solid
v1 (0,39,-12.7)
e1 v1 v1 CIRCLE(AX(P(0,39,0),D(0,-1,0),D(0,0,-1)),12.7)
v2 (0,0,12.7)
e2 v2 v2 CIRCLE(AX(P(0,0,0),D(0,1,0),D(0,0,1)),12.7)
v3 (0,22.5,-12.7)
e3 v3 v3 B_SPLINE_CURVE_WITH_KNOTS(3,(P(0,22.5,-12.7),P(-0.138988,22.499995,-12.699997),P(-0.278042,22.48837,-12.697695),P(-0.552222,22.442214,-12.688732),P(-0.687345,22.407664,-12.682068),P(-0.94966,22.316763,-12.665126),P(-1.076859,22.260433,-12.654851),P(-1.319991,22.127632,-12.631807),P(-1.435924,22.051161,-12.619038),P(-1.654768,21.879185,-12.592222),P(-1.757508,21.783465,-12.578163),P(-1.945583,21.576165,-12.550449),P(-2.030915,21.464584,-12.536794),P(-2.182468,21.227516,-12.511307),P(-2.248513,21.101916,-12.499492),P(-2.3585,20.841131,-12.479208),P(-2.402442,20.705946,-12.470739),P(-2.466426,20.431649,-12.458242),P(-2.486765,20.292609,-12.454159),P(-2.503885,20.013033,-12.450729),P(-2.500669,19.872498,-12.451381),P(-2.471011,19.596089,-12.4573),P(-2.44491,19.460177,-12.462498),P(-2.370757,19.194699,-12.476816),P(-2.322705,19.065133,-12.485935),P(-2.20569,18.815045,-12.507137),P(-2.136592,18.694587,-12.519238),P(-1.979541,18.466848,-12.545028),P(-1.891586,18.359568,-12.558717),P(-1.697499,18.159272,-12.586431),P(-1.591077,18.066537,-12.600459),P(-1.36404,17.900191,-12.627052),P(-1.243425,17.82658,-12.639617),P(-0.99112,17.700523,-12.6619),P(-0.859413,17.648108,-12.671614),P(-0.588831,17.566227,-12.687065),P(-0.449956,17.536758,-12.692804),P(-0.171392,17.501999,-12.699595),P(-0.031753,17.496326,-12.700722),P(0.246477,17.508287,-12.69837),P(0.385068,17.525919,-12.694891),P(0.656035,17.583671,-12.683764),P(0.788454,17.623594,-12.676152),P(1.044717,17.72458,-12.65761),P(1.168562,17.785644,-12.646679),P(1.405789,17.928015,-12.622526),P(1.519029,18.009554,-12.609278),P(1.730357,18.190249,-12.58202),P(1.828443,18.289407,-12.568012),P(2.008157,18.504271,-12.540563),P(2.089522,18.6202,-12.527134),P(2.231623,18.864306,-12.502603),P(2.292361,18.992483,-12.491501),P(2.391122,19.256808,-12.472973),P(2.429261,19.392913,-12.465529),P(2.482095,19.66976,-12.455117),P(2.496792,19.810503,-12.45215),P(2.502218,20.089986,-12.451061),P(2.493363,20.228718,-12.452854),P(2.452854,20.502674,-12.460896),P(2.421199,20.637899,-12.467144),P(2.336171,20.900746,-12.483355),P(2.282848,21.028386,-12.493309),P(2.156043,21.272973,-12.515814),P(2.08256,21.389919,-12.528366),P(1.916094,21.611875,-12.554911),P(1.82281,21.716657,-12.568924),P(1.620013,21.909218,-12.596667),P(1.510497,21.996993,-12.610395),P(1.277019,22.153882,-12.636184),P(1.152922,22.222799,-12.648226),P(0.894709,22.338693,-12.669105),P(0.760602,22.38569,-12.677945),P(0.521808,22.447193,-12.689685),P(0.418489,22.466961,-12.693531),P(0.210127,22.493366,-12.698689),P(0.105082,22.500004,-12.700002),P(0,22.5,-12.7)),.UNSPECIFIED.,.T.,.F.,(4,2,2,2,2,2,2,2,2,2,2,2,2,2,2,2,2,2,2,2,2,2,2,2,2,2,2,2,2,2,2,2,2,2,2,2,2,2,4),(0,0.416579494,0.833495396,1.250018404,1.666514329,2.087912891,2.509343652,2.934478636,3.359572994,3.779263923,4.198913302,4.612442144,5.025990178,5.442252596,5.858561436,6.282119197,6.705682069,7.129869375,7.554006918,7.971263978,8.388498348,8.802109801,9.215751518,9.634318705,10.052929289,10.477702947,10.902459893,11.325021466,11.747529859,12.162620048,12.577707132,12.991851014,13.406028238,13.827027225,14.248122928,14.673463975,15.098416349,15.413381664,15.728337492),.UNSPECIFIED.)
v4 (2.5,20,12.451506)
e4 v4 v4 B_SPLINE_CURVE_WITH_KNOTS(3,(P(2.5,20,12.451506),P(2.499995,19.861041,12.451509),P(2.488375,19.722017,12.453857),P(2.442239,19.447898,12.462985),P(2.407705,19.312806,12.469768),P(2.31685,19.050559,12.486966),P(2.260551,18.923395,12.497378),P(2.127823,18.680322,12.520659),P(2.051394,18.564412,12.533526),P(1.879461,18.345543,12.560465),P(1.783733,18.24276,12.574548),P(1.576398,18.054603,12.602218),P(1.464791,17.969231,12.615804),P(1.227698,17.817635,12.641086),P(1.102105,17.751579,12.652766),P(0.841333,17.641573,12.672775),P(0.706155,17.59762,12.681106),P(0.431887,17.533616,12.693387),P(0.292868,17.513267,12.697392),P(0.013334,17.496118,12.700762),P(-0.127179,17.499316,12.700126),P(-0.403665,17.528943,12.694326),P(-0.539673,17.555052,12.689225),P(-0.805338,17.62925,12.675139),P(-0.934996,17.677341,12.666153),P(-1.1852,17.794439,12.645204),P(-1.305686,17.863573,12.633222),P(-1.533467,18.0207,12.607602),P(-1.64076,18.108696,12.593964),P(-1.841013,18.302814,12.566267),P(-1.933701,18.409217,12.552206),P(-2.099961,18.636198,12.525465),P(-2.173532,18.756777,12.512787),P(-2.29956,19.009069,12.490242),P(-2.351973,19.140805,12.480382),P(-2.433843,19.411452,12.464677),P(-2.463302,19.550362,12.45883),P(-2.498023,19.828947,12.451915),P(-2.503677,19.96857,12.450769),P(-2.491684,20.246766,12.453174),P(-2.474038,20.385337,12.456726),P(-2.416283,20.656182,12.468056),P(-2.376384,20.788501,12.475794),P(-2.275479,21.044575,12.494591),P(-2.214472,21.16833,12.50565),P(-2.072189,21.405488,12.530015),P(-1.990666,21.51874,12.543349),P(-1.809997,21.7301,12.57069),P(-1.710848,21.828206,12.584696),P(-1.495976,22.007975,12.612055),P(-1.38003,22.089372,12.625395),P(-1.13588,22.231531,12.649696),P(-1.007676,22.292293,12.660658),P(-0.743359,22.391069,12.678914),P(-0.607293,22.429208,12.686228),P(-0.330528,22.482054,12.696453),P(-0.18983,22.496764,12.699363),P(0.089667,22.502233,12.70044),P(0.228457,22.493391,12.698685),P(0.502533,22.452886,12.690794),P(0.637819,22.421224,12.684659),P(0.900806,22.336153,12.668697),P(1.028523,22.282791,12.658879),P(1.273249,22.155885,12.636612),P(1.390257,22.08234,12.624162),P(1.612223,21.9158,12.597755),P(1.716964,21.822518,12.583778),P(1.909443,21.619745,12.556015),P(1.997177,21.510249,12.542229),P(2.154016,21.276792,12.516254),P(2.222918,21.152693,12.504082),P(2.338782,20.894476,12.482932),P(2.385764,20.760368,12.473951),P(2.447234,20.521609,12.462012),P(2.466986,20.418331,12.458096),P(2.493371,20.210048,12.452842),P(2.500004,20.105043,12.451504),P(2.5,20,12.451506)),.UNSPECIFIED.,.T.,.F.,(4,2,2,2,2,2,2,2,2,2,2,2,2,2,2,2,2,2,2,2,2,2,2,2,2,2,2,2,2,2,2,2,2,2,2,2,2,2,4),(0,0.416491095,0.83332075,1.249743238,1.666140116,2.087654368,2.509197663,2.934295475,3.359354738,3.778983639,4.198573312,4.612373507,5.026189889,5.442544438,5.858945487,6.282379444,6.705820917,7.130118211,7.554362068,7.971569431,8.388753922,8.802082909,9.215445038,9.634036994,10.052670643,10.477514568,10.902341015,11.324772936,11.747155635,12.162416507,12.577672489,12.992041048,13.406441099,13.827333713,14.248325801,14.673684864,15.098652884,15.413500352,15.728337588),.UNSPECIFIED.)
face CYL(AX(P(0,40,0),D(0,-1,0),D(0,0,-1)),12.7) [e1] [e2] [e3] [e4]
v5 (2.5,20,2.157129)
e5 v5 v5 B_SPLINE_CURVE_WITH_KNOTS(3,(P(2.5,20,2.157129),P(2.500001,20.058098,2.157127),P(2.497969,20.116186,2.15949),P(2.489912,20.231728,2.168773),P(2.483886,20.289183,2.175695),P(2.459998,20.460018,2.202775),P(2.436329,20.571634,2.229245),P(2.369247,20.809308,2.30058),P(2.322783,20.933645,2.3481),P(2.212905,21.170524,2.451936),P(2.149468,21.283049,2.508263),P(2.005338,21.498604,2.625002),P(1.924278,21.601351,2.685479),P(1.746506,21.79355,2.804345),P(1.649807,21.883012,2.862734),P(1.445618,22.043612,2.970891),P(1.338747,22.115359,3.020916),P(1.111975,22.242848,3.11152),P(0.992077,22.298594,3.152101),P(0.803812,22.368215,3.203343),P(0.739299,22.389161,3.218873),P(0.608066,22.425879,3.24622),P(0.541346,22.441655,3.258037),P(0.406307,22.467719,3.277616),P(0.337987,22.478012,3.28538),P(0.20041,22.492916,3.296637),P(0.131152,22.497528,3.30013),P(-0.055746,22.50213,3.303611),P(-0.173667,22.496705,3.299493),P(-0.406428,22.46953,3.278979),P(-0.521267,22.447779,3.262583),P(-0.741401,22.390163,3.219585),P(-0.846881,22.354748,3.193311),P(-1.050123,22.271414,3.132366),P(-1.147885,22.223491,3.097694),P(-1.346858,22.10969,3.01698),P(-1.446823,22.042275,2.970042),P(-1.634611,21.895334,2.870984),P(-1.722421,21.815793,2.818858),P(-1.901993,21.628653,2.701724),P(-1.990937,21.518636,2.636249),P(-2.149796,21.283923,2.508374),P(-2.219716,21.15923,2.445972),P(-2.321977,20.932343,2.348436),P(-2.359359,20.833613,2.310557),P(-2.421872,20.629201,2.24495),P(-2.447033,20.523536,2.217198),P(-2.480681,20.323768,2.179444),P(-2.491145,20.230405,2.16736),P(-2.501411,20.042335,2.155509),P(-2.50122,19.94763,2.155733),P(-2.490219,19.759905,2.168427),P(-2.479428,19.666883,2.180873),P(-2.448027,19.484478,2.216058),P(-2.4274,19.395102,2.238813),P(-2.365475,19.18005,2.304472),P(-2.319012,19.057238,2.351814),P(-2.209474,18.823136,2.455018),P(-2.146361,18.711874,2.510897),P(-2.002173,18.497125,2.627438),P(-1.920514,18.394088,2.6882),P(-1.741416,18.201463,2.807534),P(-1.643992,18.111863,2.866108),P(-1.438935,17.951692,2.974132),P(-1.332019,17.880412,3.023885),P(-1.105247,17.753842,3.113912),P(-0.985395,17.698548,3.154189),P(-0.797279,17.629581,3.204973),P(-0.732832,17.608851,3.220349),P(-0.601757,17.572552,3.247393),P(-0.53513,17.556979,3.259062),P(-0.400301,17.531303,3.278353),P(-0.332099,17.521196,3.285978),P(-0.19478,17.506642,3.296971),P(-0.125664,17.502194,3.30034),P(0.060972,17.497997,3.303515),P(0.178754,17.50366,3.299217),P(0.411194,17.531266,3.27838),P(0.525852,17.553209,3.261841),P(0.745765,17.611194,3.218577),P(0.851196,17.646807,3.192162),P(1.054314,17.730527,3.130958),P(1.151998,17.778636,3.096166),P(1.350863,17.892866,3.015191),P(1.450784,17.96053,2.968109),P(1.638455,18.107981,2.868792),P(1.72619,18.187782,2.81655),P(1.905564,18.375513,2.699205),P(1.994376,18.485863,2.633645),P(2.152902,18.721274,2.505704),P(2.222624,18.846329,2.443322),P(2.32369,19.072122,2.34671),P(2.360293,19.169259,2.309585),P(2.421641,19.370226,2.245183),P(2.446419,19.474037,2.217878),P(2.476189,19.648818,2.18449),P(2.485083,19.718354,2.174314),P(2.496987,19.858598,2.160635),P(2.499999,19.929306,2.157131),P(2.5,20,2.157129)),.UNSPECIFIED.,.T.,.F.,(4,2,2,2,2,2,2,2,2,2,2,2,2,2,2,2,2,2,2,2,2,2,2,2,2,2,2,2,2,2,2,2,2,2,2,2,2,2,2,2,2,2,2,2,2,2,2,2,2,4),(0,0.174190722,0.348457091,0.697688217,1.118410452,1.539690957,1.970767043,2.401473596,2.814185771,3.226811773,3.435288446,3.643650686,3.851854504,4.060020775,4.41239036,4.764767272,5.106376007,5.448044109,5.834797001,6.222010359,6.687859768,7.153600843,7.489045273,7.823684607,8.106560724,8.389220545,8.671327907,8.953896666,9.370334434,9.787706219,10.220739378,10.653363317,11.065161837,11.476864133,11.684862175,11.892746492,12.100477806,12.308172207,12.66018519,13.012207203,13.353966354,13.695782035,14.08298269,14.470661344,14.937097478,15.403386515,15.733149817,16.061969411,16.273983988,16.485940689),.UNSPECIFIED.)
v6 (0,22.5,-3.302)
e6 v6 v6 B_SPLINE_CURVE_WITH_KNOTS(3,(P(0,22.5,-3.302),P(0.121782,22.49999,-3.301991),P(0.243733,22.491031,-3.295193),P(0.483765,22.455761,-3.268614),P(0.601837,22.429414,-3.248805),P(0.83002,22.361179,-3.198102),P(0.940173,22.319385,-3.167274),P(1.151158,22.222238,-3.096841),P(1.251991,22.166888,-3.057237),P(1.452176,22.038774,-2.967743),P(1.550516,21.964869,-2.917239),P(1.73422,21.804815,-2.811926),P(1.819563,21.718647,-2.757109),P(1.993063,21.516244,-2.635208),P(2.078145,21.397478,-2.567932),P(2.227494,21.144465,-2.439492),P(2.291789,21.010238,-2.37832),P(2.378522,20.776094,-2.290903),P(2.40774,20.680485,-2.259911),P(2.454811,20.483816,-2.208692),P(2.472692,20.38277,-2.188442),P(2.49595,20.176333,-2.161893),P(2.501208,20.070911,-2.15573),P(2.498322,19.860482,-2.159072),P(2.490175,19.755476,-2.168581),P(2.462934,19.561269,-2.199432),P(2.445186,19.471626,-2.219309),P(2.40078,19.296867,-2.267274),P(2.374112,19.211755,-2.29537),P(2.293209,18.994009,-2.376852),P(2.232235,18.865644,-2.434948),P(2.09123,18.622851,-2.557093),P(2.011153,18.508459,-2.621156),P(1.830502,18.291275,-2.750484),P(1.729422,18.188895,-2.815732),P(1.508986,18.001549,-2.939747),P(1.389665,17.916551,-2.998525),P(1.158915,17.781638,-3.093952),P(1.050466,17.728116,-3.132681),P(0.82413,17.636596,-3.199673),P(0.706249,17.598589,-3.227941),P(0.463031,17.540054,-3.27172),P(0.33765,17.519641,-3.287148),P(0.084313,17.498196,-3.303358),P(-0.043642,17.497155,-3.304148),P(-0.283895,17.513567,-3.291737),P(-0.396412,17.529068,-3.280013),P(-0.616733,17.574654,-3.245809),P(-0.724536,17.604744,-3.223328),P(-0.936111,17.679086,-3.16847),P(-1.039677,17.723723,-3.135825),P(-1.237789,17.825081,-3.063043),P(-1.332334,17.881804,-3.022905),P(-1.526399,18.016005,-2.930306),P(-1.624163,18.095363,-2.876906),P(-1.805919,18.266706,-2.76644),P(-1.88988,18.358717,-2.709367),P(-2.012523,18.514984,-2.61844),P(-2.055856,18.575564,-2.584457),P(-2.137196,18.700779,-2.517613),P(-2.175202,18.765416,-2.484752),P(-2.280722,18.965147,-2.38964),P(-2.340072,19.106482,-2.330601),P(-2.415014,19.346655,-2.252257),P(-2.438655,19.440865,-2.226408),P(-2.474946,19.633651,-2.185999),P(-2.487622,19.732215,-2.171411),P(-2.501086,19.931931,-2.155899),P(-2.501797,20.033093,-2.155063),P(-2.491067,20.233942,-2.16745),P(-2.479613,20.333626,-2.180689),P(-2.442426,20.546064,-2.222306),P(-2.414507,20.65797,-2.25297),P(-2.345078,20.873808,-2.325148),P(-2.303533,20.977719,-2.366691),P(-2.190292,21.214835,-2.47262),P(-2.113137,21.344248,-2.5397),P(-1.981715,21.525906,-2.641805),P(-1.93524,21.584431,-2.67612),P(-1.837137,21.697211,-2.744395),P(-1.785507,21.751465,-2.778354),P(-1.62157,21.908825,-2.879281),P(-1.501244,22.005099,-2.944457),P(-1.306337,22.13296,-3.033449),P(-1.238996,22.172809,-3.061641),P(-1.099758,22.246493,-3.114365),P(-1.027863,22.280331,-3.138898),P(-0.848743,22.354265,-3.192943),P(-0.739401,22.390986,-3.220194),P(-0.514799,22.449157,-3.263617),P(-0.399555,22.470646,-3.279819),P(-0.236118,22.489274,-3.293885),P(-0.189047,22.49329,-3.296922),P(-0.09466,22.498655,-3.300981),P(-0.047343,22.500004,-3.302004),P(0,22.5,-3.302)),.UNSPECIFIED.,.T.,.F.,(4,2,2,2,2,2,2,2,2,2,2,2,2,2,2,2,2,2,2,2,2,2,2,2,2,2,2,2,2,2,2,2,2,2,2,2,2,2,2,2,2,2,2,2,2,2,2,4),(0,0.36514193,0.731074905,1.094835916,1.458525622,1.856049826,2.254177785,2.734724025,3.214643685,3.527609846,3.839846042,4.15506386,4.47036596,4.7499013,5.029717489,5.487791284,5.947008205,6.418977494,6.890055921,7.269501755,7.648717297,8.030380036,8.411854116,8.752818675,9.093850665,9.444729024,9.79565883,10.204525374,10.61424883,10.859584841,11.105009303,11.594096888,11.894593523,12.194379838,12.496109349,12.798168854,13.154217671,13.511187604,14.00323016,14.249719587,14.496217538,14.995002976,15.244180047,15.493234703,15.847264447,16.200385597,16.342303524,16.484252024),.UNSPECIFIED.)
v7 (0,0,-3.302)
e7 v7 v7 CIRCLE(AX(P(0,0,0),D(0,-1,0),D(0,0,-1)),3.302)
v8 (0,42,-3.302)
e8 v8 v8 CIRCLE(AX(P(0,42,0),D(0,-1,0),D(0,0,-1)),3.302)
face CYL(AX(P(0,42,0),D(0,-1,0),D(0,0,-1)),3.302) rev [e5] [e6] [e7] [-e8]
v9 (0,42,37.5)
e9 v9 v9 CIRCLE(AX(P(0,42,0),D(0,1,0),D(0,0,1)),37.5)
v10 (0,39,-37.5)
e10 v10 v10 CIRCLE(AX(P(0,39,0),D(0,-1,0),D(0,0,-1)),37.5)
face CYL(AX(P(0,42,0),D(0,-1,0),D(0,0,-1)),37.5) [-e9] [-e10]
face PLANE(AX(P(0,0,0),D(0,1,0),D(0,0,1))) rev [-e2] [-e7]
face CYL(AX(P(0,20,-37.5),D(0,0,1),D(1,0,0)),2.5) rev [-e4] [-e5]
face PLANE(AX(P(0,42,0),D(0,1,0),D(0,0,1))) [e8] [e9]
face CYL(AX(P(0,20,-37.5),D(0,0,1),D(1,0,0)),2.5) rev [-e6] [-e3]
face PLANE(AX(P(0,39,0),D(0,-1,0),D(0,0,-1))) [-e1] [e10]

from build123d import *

# Parameters (mm, degrees)
SKETCH1_R               = 12.7
BOSS_EXTRUDE1_DEPTH     = 40
SKETCH2_R               = 37.5
BOSS_EXTRUDE2_DEPTH     = 2
SKETCH3_R               = 3.302
CUT_EXTRUDE1_DEPTH      = 43
SKETCH4_R               = 2.5
CUT_EXTRUDE2_DEPTH      = 38.5
CUT_EXTRUDE2_DEPTH_BACK = 38.5
SKETCH5_R               = 37.5
SKETCH5_R_2             = 12.7
BOSS_EXTRUDE3_DEPTH     = 1


with BuildPart() as part:
    # Sketch1 → Boss-Extrude1 (new body)
    with BuildSketch(Plane(origin=(0, 0, 0), x_dir=(1, 0, 0), z_dir=(0, 1, 0))):
        Circle(SKETCH1_R)
    extrude(amount=BOSS_EXTRUDE1_DEPTH)

    # Sketch2 → Boss-Extrude2 (add)
    with BuildSketch(Plane(origin=(0, 40, 0), x_dir=(1, 0, 0), z_dir=(0, 1, 0))):
        Circle(SKETCH2_R)
    extrude(amount=BOSS_EXTRUDE2_DEPTH)

    # Sketch3 → Cut-Extrude1 (cut, through all)
    with BuildSketch(Plane(origin=(0, 0, 0), x_dir=(-1, 0, 0), z_dir=(0, -1, 0))):
        Circle(SKETCH3_R)
    extrude(amount=-CUT_EXTRUDE1_DEPTH, mode=Mode.SUBTRACT)

    # Sketch4 → Cut-Extrude2 (cut, two sides)
    with BuildSketch(Plane.XY) as cut_extrude2_sk:
        with Locations((0, 20)):
            Circle(SKETCH4_R)
    extrude(amount=CUT_EXTRUDE2_DEPTH, mode=Mode.SUBTRACT)
    extrude(cut_extrude2_sk.sketch, amount=-CUT_EXTRUDE2_DEPTH_BACK, mode=Mode.SUBTRACT)

    # Sketch5 → Boss-Extrude3 (add)
    with BuildSketch(Plane.XZ.offset(-40)):
        Circle(SKETCH5_R)
        Circle(SKETCH5_R_2, mode=Mode.SUBTRACT)
    extrude(amount=BOSS_EXTRUDE3_DEPTH)


solid = part.part
